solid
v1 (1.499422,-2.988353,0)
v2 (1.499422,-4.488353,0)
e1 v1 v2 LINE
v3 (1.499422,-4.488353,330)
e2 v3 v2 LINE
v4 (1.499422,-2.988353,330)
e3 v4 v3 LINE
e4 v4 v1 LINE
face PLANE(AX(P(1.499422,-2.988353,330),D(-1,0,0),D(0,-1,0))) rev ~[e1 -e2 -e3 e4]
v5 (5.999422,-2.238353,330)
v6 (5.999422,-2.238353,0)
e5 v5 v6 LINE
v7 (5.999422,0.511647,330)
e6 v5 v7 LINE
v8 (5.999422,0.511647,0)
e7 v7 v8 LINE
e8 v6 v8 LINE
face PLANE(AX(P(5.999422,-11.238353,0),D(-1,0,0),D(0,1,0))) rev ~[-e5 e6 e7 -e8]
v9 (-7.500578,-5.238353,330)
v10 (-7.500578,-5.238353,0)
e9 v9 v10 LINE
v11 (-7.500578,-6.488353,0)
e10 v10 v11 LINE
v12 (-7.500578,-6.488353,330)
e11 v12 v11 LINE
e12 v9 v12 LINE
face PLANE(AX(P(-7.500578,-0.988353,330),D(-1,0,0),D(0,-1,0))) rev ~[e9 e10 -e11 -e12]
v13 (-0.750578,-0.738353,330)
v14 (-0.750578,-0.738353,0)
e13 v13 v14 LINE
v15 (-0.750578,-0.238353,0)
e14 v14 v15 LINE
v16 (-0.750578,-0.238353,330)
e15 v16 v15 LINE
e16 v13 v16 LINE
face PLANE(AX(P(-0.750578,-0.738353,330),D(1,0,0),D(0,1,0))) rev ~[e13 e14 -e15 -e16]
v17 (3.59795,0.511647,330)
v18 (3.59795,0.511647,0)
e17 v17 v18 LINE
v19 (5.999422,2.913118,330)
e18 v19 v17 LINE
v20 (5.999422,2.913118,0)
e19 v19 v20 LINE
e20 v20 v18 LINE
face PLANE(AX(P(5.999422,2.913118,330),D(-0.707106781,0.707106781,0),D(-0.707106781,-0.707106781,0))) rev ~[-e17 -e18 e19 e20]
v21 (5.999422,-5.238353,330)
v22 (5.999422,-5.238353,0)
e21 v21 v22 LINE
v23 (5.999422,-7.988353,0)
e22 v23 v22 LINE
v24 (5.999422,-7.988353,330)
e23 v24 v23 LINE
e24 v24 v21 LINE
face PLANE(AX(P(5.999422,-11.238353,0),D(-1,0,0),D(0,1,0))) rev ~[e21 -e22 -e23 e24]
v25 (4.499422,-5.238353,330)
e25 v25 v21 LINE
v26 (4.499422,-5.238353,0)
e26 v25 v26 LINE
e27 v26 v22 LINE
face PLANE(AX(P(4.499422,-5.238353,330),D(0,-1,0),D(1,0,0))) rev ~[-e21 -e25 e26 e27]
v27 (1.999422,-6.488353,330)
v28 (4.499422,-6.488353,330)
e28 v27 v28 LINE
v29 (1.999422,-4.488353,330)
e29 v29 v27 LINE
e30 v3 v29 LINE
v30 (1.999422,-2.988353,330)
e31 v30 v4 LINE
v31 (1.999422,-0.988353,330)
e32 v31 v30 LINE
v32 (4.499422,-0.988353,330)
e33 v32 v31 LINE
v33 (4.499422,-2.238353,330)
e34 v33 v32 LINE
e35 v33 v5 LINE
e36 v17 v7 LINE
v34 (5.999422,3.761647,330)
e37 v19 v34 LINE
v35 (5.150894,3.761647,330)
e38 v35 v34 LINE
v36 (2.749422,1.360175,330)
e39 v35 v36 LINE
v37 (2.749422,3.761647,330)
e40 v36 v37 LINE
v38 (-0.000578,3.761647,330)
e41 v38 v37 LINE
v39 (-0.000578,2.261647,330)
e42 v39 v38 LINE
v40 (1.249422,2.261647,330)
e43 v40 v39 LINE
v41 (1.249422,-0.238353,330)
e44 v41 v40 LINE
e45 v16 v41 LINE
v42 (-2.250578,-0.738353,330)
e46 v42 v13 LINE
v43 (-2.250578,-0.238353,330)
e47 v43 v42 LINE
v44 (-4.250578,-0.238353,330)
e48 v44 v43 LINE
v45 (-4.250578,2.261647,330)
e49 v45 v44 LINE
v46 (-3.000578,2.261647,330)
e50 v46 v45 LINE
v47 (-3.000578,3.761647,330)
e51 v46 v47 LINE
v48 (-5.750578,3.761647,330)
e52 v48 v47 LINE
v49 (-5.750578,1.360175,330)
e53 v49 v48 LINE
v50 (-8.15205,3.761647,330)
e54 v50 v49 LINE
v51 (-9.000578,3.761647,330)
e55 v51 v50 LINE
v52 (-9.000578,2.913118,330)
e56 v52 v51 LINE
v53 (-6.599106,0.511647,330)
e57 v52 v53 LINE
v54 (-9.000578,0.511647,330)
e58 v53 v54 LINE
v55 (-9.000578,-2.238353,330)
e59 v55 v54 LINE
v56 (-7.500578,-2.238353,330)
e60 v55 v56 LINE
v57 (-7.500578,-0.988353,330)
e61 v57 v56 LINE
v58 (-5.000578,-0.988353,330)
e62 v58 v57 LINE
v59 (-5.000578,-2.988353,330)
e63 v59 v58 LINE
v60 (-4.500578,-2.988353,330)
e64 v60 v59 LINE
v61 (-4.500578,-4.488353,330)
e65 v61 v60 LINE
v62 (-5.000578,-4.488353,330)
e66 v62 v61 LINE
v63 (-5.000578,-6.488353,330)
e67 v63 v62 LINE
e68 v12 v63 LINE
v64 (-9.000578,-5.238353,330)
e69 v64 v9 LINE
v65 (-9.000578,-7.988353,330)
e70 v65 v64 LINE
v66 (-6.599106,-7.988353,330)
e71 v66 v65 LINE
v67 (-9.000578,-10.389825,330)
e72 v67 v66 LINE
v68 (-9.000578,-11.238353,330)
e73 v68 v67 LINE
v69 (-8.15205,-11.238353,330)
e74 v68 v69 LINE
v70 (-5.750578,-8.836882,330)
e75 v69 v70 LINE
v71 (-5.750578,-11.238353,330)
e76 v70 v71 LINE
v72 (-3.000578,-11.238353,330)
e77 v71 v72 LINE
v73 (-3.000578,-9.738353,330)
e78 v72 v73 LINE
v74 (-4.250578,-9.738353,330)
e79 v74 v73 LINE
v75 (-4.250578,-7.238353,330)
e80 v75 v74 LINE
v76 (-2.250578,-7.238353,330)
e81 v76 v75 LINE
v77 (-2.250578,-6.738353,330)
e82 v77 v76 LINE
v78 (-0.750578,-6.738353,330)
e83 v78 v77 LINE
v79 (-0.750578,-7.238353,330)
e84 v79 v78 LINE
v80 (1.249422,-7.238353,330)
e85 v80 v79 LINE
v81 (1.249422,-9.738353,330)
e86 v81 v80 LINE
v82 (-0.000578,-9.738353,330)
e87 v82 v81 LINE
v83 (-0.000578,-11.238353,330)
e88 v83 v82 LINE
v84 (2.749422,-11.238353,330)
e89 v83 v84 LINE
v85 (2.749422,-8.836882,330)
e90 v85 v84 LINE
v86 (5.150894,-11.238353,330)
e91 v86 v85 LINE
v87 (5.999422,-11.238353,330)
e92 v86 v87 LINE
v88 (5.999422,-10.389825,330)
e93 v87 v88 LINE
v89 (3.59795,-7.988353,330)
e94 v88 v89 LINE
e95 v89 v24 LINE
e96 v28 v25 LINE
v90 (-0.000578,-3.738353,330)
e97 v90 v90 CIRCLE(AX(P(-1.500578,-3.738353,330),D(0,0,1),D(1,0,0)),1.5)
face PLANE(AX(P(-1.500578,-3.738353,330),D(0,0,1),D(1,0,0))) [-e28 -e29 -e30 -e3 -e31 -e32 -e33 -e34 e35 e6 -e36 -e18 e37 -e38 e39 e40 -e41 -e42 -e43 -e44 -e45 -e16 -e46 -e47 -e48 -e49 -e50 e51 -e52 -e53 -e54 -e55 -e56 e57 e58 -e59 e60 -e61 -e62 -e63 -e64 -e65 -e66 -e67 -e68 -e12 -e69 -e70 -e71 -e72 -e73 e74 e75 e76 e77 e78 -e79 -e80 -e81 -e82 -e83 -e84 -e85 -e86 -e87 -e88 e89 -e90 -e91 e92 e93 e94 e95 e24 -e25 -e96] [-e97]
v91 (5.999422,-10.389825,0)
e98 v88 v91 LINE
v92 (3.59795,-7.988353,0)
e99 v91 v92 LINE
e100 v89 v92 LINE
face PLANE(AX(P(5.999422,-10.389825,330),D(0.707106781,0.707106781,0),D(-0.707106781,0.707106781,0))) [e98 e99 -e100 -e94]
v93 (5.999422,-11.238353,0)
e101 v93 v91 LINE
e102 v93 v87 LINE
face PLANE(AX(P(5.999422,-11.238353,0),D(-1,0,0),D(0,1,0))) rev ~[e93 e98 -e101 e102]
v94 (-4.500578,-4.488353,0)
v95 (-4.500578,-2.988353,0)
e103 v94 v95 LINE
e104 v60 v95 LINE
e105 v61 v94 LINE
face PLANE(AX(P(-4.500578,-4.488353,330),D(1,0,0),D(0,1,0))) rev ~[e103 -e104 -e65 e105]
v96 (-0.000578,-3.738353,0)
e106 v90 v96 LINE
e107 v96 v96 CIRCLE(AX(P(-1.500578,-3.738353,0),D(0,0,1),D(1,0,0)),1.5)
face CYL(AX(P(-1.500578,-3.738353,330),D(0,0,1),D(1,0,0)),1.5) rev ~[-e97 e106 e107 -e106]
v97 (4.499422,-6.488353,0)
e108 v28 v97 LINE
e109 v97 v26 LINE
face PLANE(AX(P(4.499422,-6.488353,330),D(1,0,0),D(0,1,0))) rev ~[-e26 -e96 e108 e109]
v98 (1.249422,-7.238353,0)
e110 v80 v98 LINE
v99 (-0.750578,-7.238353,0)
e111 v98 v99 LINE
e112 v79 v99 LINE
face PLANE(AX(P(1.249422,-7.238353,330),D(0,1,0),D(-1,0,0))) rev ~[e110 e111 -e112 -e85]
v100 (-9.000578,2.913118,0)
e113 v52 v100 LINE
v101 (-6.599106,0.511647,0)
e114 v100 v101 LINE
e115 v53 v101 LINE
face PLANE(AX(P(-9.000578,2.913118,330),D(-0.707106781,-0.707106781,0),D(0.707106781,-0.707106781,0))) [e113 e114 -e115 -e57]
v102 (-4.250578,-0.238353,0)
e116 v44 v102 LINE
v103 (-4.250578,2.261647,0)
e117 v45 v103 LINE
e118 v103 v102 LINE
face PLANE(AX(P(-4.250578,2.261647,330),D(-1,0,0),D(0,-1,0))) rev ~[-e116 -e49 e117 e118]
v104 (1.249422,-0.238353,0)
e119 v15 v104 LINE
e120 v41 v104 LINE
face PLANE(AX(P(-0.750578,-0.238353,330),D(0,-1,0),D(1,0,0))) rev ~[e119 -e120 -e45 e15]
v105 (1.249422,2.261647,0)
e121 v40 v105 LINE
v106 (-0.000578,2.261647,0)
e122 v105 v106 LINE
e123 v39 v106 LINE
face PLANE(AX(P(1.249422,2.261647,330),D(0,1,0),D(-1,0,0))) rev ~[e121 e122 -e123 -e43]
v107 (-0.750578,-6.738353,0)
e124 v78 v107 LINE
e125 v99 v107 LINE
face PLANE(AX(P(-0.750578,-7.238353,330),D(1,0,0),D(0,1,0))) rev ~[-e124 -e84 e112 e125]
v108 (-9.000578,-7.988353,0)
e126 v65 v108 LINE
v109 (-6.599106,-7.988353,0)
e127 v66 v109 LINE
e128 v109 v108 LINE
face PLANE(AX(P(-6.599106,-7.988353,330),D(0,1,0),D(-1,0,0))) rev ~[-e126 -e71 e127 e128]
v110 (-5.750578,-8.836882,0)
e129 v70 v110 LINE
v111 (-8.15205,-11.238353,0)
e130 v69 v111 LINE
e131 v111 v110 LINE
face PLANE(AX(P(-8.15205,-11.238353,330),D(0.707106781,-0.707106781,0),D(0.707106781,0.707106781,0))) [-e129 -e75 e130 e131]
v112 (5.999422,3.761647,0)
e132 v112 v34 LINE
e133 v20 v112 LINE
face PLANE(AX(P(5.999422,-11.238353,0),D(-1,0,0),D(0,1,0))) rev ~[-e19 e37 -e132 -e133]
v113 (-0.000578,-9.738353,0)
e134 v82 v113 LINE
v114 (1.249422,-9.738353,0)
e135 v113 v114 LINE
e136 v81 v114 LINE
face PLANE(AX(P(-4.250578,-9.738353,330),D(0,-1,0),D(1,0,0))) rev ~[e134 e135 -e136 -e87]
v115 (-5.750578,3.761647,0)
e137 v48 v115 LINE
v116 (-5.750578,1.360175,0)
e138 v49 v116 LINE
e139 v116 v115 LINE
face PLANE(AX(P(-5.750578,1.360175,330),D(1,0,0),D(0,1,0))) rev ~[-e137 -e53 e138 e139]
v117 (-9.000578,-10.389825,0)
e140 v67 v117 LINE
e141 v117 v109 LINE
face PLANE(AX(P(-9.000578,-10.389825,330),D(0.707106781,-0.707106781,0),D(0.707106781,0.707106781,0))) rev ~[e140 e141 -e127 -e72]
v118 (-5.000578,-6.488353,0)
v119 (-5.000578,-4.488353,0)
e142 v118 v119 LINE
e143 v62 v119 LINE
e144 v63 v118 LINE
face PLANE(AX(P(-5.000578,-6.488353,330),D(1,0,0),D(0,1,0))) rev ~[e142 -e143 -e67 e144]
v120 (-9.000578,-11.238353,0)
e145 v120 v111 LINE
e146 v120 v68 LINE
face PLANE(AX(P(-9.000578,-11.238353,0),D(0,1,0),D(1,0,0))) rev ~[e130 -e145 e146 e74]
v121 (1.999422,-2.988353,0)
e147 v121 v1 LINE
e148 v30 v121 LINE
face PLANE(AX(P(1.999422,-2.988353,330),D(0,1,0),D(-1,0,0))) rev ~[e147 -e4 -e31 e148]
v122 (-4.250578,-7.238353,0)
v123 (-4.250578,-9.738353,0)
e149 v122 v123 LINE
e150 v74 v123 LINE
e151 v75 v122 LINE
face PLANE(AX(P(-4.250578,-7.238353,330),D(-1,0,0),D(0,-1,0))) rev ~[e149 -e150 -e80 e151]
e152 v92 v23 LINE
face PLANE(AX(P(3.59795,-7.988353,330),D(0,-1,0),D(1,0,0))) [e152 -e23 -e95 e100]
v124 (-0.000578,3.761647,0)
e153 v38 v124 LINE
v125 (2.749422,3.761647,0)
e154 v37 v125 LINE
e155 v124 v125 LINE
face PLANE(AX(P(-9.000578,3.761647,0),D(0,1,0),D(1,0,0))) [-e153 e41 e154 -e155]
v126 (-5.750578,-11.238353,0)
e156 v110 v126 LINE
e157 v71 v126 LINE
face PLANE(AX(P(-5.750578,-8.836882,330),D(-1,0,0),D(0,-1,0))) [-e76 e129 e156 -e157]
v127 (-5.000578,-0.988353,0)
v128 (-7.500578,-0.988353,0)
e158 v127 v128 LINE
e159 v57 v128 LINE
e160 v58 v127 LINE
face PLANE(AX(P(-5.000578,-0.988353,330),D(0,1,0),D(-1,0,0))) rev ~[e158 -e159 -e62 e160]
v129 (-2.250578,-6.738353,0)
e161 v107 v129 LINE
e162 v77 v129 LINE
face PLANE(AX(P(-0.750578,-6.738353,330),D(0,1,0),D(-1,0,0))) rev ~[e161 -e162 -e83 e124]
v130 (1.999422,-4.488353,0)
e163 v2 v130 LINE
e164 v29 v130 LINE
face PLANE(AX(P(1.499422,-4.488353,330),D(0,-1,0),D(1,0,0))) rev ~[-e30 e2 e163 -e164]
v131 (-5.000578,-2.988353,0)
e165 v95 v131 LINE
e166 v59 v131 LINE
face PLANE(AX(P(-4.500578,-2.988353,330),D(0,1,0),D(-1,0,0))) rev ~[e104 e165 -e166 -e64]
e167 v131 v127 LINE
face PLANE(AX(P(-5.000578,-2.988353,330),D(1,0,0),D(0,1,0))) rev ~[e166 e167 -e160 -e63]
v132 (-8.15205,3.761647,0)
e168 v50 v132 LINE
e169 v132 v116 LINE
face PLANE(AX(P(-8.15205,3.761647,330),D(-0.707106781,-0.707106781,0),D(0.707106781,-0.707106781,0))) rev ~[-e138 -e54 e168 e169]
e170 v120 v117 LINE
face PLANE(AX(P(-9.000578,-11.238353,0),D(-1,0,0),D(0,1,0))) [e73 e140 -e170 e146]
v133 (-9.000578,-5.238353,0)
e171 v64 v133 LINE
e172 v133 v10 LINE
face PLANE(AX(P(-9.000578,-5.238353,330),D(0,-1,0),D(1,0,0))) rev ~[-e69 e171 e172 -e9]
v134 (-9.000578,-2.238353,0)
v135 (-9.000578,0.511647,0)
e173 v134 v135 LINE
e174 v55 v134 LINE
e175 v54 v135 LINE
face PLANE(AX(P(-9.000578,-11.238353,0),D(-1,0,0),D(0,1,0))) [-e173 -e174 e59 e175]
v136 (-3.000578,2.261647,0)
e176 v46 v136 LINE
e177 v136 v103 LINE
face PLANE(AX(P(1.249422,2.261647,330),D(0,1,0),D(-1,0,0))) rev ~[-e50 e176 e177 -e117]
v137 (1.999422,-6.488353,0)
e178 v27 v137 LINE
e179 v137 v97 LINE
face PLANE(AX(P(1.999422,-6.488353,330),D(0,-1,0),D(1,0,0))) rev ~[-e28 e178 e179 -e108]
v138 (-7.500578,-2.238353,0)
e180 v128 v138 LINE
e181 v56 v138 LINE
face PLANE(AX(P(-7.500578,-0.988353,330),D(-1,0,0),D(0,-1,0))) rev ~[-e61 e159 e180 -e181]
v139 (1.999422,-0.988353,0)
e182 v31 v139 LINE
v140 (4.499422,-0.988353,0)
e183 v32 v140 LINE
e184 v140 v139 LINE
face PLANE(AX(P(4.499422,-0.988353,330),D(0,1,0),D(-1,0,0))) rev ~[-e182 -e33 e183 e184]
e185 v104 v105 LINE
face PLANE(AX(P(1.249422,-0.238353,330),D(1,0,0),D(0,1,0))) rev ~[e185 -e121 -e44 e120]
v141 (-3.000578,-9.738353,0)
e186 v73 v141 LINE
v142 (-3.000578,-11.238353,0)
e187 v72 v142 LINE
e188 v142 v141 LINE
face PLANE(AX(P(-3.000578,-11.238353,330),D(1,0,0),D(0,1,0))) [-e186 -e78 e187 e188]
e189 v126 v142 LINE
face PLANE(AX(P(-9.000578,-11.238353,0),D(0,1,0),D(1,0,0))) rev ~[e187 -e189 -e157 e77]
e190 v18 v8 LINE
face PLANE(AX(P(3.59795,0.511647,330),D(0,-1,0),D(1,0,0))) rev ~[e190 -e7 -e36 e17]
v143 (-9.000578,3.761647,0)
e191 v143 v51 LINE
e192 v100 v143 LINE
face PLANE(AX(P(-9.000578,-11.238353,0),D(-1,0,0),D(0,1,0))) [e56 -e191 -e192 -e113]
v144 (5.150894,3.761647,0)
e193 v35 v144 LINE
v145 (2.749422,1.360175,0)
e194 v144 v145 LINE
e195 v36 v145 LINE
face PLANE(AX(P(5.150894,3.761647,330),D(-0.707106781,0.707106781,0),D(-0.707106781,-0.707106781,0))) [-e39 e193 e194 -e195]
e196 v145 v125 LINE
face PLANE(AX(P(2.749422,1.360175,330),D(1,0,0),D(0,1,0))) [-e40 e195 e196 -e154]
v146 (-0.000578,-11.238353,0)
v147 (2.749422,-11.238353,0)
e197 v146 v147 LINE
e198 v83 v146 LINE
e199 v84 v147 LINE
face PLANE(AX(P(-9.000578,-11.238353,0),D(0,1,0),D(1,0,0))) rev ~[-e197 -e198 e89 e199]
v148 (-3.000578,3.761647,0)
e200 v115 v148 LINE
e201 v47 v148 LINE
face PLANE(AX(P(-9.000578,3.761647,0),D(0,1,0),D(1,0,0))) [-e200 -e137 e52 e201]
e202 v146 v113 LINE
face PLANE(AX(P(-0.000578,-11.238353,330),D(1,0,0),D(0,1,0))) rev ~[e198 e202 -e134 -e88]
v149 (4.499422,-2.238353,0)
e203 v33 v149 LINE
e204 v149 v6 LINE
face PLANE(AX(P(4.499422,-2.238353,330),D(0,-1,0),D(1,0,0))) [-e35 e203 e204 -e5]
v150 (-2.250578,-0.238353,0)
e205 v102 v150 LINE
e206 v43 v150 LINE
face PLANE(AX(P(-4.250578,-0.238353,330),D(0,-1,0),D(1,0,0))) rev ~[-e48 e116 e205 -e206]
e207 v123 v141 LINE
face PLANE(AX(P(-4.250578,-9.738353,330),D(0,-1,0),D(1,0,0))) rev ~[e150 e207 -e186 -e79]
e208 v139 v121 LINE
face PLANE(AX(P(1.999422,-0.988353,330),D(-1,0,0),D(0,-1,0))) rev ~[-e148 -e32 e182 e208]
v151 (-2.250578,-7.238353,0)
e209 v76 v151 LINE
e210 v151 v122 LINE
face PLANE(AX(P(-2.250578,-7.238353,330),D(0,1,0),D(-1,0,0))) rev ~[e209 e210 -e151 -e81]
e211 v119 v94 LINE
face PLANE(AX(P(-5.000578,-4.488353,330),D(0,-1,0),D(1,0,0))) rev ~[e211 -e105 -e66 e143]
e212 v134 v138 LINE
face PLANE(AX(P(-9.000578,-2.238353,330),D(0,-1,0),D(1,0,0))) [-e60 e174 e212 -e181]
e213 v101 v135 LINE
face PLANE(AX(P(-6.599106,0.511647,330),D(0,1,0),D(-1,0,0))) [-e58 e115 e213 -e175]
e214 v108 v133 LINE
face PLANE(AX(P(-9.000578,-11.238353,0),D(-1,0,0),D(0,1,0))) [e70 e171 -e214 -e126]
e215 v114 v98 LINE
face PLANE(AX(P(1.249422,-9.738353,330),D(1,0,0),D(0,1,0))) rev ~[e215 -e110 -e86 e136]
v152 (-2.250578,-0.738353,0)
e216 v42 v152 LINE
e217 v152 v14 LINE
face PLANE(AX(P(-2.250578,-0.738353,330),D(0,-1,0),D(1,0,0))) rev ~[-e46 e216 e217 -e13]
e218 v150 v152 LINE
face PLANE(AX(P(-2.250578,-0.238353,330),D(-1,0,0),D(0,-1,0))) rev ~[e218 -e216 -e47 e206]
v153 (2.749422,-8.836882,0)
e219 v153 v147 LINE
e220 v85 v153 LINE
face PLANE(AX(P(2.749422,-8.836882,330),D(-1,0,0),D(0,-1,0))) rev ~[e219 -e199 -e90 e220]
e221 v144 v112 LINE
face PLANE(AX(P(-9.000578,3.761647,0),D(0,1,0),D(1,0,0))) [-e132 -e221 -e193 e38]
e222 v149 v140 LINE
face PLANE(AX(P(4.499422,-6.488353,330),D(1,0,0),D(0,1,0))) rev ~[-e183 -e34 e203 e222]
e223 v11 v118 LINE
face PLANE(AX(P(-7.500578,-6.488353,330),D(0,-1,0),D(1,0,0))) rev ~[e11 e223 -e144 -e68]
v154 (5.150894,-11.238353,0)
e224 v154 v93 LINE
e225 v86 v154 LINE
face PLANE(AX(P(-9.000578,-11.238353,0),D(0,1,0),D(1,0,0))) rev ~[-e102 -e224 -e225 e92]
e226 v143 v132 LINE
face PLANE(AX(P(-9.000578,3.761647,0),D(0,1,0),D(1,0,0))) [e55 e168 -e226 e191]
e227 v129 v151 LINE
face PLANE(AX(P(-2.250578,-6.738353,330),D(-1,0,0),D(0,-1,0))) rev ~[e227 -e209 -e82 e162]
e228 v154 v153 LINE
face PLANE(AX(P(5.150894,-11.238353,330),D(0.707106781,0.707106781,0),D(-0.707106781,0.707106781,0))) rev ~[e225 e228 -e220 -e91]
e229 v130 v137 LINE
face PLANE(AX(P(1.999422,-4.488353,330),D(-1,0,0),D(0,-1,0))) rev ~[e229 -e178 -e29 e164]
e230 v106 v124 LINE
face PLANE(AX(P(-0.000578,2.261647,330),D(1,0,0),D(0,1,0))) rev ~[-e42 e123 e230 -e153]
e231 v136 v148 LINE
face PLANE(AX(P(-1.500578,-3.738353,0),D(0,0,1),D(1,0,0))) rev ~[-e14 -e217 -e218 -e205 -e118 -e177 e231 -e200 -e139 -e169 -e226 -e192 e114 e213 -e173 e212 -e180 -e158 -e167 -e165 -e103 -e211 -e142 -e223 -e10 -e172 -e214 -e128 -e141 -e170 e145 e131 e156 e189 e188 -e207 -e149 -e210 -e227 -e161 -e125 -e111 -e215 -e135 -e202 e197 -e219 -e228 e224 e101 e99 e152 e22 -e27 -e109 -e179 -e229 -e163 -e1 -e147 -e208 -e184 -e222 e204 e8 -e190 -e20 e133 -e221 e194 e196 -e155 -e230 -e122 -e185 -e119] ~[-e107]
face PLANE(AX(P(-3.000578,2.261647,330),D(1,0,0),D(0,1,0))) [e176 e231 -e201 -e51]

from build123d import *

# Parameters (mm, degrees)
SKETCH1_W           = 15
SKETCH1_H           = 15
BOSS_EXTRUDE1_DEPTH = 330
SKETCH2_R           = 1.5
CUT_EXTRUDE1_DEPTH  = 330
SKETCH3_W           = 3
SKETCH3_H           = 1.5
SKETCH3_W_2         = 1.5
SKETCH3_H_2         = 3
CUT_EXTRUDE2_DEPTH  = 330


with BuildPart() as part:
    # Sketch1 → Boss-Extrude1 (new body)
    with BuildSketch(Plane.XY):
        with Locations((-1.500578266, -3.738353388)):
            Rectangle(SKETCH1_W, SKETCH1_H)
    extrude(amount=BOSS_EXTRUDE1_DEPTH)

    # Sketch2 → Cut-Extrude1 (cut)
    with BuildSketch(Plane.XY.offset(330)):
        with Locations((-1.500578266, -3.738353388)):
            Circle(SKETCH2_R)
        Polygon((1.999421734, -4.488353388), (1.999421734, -6.488353388), (4.499421734, -6.488353388), (4.499421734, -0.988353388), (1.999421734, -0.988353388), (1.999421734, -2.988353388), (1.499421734, -2.988353388), (1.499421734, -4.488353388), align=None)
        Polygon((-4.250578266, -7.238353388), (-4.250578266, -9.738353388), (1.249421734, -9.738353388), (1.249421734, -7.238353388), (-0.750578266, -7.238353388), (-0.750578266, -6.738353388), (-2.250578266, -6.738353388), (-2.250578266, -7.238353388), align=None)
        Polygon((-5.000578266, -0.988353388), (-7.500578266, -0.988353388), (-7.500578266, -6.488353388), (-5.000578266, -6.488353388), (-5.000578266, -4.488353388), (-4.500578266, -4.488353388), (-4.500578266, -2.988353388), (-5.000578266, -2.988353388), align=None)
        Polygon((1.249421734, -0.238353388), (1.249421734, 2.261646612), (-4.250578266, 2.261646612), (-4.250578266, -0.238353388), (-2.250578266, -0.238353388), (-2.250578266, -0.738353388), (-0.750578266, -0.738353388), (-0.750578266, -0.238353388), align=None)
    extrude(amount=-CUT_EXTRUDE1_DEPTH, mode=Mode.SUBTRACT)

    # Sketch3 → Cut-Extrude2 (cut)
    with BuildSketch(Plane.XY.offset(330)):
        Polygon((5.150893596, 3.761646612), (2.749421734, 1.360174749), (2.749421734, 3.761646612), align=None)
        Polygon((5.999421734, 0.511646612), (5.999421734, 2.913118474), (3.597949871, 0.511646612), align=None)
        with Locations((-1.500578266, 3.011646612)):
            Rectangle(SKETCH3_W, SKETCH3_H)
        Polygon((2.749421734, -8.836881526), (2.749421734, -11.238353388), (5.150893596, -11.238353388), align=None)
        Polygon((5.999421734, -10.389825251), (3.597949871, -7.988353388), (5.999421734, -7.988353388), align=None)
        with Locations((5.249421734, -3.738353388)):
            Rectangle(SKETCH3_W_2, SKETCH3_H_2)
        Polygon((-6.599106404, -7.988353388), (-9.000578266, -7.988353388), (-9.000578266, -10.389825251), align=None)
        Polygon((-8.152050129, -11.238353388), (-5.750578266, -8.836881526), (-5.750578266, -11.238353388), align=None)
        with Locations((-1.500578266, -10.488353388)):
            Rectangle(SKETCH3_W, SKETCH3_H)
        Polygon((-5.750578266, 1.360174749), (-5.750578266, 3.761646612), (-8.152050129, 3.761646612), align=None)
        Polygon((-9.000578266, 2.913118474), (-6.599106404, 0.511646612), (-9.000578266, 0.511646612), align=None)
        with Locations((-8.250578266, -3.738353388)):
            Rectangle(SKETCH3_W_2, SKETCH3_H_2)
    extrude(amount=-CUT_EXTRUDE2_DEPTH, mode=Mode.SUBTRACT)


solid = part.part
